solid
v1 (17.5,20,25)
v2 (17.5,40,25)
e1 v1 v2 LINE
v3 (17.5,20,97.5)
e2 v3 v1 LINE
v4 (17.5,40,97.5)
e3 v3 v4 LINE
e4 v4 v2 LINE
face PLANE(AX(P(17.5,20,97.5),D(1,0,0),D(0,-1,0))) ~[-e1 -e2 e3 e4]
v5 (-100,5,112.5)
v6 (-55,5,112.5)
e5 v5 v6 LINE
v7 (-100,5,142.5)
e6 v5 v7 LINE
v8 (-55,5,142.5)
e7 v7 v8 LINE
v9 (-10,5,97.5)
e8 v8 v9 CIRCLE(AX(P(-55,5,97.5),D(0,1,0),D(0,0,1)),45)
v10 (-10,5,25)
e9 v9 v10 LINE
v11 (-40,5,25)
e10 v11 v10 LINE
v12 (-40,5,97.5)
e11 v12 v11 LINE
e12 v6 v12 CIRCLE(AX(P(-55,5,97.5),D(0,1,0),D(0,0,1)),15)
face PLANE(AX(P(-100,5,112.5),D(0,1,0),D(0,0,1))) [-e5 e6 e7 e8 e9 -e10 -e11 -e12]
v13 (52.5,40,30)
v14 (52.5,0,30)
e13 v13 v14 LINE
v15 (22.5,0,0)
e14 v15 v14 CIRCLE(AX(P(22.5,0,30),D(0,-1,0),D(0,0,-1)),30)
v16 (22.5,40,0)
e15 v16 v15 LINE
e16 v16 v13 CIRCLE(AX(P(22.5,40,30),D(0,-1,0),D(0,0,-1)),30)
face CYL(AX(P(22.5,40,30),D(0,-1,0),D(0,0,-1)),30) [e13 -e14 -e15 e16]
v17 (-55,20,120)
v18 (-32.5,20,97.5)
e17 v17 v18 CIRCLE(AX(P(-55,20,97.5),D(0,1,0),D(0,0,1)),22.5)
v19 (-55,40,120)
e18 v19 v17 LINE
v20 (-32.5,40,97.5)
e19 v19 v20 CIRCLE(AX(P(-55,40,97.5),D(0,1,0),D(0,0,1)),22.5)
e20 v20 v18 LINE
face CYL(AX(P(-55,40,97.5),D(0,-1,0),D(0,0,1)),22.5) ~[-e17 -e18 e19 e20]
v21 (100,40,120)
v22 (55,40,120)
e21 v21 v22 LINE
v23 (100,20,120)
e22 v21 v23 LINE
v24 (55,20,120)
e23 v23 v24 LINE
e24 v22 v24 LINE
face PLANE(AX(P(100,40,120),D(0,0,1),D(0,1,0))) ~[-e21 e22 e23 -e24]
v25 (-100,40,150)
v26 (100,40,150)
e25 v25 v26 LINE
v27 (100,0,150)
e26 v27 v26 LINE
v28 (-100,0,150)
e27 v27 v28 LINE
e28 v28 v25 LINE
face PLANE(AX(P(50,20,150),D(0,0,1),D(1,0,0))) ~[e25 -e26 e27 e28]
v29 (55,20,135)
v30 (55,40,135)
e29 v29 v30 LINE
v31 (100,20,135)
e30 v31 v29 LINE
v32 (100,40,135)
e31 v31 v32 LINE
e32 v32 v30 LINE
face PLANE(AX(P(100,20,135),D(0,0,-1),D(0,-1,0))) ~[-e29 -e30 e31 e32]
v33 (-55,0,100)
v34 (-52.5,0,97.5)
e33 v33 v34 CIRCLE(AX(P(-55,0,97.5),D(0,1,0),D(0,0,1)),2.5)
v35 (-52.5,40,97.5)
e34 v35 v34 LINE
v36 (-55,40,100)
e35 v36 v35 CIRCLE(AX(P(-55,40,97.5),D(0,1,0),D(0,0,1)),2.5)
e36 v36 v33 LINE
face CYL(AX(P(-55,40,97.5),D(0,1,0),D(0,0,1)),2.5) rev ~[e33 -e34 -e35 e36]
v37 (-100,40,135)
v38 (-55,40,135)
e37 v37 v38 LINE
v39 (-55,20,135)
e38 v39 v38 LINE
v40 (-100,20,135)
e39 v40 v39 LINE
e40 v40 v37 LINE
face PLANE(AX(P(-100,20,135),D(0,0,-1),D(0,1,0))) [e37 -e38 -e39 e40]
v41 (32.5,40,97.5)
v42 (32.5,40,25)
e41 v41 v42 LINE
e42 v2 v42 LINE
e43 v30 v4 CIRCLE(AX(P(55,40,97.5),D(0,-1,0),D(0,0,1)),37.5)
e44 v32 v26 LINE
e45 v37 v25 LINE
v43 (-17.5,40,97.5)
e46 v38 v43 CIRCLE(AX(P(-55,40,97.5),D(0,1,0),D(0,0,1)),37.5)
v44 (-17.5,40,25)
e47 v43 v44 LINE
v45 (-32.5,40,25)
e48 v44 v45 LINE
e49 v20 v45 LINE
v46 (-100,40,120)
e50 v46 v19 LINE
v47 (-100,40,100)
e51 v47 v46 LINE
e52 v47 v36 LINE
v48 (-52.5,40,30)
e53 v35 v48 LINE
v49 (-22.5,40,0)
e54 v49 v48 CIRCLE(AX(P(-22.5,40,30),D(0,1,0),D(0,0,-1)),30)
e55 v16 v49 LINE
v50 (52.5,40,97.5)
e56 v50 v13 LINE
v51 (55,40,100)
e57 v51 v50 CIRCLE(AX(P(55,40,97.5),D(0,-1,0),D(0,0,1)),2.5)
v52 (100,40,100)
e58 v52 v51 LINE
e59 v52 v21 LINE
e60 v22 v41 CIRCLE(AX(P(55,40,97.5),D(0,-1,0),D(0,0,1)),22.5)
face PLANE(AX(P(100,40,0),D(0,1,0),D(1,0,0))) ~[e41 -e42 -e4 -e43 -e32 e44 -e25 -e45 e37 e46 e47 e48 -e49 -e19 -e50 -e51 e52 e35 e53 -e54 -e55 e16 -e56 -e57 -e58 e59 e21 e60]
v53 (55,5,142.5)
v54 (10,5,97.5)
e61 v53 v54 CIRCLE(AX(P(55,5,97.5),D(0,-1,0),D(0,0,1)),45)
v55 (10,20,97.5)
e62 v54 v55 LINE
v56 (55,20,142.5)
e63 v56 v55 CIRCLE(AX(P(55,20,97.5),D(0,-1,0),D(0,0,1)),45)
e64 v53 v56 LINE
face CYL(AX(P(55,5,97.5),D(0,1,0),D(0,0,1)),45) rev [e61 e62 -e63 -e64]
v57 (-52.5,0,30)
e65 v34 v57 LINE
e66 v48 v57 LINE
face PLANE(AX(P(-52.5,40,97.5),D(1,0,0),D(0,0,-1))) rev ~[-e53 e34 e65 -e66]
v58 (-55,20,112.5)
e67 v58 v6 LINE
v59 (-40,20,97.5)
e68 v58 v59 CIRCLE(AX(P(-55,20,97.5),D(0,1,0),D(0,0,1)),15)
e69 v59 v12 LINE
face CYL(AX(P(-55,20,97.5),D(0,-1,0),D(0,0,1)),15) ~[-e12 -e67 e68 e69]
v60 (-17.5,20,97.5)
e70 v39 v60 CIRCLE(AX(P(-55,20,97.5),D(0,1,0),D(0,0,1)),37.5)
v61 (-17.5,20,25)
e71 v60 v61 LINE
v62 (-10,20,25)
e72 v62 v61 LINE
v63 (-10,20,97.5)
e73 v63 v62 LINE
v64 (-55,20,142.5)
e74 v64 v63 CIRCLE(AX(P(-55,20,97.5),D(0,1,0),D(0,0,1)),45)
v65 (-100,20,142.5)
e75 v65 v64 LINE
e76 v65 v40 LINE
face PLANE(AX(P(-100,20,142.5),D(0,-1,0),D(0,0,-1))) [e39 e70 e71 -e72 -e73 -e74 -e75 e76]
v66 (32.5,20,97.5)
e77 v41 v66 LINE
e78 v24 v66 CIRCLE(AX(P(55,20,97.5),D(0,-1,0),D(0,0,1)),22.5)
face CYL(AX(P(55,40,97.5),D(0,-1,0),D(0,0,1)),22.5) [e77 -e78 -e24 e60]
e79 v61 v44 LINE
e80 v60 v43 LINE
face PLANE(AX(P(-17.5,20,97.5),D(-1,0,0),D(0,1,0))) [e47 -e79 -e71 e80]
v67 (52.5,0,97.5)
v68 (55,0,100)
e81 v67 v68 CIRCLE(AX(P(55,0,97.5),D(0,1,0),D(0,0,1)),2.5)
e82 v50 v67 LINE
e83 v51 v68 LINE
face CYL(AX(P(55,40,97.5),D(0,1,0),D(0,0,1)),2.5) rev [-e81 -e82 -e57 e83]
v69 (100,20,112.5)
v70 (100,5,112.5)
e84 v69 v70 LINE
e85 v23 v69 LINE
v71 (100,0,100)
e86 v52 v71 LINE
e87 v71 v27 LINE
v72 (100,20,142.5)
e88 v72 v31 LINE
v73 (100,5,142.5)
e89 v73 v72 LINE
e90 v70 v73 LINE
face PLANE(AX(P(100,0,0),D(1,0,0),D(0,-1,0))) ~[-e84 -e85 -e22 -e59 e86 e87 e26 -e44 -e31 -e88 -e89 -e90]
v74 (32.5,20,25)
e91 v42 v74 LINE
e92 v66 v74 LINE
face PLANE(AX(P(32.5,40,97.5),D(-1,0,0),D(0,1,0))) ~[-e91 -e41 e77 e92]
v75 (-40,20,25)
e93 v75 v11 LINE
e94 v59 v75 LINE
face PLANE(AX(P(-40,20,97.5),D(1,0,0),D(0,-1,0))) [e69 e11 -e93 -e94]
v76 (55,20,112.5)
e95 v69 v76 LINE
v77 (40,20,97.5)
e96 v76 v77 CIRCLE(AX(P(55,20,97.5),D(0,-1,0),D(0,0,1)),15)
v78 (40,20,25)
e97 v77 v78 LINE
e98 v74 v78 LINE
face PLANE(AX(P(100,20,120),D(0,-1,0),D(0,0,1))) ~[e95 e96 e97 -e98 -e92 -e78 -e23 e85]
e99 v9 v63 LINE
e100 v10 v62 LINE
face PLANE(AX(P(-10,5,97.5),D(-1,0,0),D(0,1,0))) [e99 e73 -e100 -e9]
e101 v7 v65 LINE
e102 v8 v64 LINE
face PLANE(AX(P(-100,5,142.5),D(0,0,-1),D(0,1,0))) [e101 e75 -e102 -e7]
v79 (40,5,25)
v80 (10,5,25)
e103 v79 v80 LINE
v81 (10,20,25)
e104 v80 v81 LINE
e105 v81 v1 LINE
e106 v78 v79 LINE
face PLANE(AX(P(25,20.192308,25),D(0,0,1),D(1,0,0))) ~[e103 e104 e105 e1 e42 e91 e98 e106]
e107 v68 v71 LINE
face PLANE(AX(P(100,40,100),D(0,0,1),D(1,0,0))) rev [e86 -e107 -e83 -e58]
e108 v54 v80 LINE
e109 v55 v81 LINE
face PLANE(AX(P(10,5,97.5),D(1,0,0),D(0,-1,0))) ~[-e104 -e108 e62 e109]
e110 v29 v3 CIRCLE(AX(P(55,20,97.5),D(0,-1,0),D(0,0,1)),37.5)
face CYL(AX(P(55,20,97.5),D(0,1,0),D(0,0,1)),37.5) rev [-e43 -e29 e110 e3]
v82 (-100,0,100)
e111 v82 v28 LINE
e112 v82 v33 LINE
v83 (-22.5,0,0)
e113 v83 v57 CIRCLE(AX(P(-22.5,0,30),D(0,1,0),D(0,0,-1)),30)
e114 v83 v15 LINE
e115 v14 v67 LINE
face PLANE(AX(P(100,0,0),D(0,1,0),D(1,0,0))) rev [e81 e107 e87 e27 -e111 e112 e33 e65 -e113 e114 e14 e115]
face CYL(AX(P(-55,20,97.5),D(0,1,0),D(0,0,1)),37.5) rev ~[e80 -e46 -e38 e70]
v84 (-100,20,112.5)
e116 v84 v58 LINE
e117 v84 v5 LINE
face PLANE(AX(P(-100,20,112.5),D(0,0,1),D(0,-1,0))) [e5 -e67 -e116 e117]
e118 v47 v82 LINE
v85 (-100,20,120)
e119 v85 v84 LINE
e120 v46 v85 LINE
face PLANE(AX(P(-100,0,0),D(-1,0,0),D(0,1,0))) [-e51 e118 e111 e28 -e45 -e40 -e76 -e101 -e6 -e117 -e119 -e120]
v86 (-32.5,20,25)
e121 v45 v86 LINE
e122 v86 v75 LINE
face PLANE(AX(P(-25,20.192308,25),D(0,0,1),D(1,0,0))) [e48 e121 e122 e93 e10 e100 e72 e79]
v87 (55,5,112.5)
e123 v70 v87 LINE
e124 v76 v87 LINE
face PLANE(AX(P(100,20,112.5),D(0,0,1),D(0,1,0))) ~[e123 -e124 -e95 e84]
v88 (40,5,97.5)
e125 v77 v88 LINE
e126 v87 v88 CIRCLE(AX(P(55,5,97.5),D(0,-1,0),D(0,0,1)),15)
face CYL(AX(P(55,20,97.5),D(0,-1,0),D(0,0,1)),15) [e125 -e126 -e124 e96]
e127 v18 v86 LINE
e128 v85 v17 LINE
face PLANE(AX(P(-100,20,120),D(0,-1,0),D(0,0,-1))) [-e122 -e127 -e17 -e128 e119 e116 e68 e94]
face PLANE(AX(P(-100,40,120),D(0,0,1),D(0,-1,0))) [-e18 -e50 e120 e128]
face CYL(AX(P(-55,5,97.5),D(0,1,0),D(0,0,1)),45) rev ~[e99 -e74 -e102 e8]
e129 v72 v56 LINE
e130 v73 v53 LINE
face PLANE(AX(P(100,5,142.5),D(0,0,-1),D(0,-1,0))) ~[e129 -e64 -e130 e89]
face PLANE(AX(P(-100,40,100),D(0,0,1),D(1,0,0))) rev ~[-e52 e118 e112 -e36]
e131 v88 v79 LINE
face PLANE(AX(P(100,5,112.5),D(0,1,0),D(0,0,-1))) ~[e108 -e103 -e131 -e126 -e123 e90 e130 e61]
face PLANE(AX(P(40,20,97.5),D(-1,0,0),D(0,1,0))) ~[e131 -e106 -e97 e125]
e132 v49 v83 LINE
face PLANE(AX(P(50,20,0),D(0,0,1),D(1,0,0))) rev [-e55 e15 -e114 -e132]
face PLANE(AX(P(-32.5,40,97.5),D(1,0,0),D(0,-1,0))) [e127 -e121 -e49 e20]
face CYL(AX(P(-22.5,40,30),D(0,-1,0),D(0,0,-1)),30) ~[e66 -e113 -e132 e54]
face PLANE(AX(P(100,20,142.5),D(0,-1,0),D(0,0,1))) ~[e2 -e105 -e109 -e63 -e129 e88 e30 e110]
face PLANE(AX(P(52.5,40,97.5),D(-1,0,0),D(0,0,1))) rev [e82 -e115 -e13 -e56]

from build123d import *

# Parameters (mm, degrees)
SKETCH1_W            = 100
SKETCH1_H            = 40
BOSS_EXTRUDE1_DEPTH  = 150
CUT_EXTRUDE1_DEPTH   = 41
FILLET1_R            = 30
FILLET1_OF_MIRROR1_R = 30


with BuildPart() as part:
    # Sketch1 → Boss-Extrude1 (new body)
    with BuildSketch(Plane.XY):
        with Locations((-50, 20)):
            Rectangle(SKETCH1_W, SKETCH1_H)
    boss_extrude1 = extrude(amount=BOSS_EXTRUDE1_DEPTH)

    # Cut-Sweep1: sweep along a path in Sketch3
    with BuildLine(Plane(origin=(0, 40, 0), x_dir=(1, 0, 0), z_dir=(0, 1, 0))) as cut_sweep1_path:
        Line((-100, -127.5), (-55, -127.5))
        ThreePointArc((-55, -127.5), (-33.786796564, -118.713203436), (-25, -97.5))
        Line((-25, -97.5), (-25, -25))
    # Sketch2 → Cut-Sweep1 (sweep, cut)
    with BuildSketch(Plane.ZY.offset(100)):
        Polygon((135, 40), (120, 40), (120, 20), (112.5, 20), (112.5, 5), (142.5, 5), (142.5, 20), (135, 20), align=None)
    cut_sweep1 = sweep(path=cut_sweep1_path.line, mode=Mode.SUBTRACT)

    # Sketch4 → Cut-Extrude1 (cut, through all)
    with BuildSketch(Plane(origin=(0, 40, 0), x_dir=(1, 0, 0), z_dir=(0, 1, 0))):
        with BuildLine():
            Line((-52.5, -25), (-52.5, 0))
            Line((-52.5, 0), (-100, 0))
            Line((-100, 0), (-100, -100))
            Line((-100, -100), (-55, -100))
            ThreePointArc((-55, -100), (-53.232233047, -99.267766953), (-52.5, -97.5))
            Line((-52.5, -97.5), (-52.5, -25))
        make_face()
    cut_extrude1 = extrude(amount=-CUT_EXTRUDE1_DEPTH, mode=Mode.SUBTRACT)

    # Fillet1
    fillet1_edges = [part.edges().sort_by_distance(p)[0] for p in [
        (-52.5, 20, 0),
    ]]
    fillet(fillet1_edges, radius=FILLET1_R)

    # Mirror1: Boss-Extrude1, Cut-Sweep1, Cut-Extrude1 across plane
    add(boss_extrude1.mirror(Plane(origin=(0, 0, 150), x_dir=(0, 0, 1), z_dir=(-1, 0, 0))))
    add(cut_sweep1.mirror(Plane(origin=(0, 0, 150), x_dir=(0, 0, 1), z_dir=(-1, 0, 0))), mode=Mode.SUBTRACT)
    add(cut_extrude1.mirror(Plane(origin=(0, 0, 150), x_dir=(0, 0, 1), z_dir=(-1, 0, 0))), mode=Mode.SUBTRACT)

    # Fillet1 of Mirror1
    fillet1_of_mirror1_edges = [part.edges().sort_by_distance(p)[0] for p in [
        (52.5, 20, 0),
    ]]
    fillet(fillet1_of_mirror1_edges, radius=FILLET1_OF_MIRROR1_R)


solid = part.part
